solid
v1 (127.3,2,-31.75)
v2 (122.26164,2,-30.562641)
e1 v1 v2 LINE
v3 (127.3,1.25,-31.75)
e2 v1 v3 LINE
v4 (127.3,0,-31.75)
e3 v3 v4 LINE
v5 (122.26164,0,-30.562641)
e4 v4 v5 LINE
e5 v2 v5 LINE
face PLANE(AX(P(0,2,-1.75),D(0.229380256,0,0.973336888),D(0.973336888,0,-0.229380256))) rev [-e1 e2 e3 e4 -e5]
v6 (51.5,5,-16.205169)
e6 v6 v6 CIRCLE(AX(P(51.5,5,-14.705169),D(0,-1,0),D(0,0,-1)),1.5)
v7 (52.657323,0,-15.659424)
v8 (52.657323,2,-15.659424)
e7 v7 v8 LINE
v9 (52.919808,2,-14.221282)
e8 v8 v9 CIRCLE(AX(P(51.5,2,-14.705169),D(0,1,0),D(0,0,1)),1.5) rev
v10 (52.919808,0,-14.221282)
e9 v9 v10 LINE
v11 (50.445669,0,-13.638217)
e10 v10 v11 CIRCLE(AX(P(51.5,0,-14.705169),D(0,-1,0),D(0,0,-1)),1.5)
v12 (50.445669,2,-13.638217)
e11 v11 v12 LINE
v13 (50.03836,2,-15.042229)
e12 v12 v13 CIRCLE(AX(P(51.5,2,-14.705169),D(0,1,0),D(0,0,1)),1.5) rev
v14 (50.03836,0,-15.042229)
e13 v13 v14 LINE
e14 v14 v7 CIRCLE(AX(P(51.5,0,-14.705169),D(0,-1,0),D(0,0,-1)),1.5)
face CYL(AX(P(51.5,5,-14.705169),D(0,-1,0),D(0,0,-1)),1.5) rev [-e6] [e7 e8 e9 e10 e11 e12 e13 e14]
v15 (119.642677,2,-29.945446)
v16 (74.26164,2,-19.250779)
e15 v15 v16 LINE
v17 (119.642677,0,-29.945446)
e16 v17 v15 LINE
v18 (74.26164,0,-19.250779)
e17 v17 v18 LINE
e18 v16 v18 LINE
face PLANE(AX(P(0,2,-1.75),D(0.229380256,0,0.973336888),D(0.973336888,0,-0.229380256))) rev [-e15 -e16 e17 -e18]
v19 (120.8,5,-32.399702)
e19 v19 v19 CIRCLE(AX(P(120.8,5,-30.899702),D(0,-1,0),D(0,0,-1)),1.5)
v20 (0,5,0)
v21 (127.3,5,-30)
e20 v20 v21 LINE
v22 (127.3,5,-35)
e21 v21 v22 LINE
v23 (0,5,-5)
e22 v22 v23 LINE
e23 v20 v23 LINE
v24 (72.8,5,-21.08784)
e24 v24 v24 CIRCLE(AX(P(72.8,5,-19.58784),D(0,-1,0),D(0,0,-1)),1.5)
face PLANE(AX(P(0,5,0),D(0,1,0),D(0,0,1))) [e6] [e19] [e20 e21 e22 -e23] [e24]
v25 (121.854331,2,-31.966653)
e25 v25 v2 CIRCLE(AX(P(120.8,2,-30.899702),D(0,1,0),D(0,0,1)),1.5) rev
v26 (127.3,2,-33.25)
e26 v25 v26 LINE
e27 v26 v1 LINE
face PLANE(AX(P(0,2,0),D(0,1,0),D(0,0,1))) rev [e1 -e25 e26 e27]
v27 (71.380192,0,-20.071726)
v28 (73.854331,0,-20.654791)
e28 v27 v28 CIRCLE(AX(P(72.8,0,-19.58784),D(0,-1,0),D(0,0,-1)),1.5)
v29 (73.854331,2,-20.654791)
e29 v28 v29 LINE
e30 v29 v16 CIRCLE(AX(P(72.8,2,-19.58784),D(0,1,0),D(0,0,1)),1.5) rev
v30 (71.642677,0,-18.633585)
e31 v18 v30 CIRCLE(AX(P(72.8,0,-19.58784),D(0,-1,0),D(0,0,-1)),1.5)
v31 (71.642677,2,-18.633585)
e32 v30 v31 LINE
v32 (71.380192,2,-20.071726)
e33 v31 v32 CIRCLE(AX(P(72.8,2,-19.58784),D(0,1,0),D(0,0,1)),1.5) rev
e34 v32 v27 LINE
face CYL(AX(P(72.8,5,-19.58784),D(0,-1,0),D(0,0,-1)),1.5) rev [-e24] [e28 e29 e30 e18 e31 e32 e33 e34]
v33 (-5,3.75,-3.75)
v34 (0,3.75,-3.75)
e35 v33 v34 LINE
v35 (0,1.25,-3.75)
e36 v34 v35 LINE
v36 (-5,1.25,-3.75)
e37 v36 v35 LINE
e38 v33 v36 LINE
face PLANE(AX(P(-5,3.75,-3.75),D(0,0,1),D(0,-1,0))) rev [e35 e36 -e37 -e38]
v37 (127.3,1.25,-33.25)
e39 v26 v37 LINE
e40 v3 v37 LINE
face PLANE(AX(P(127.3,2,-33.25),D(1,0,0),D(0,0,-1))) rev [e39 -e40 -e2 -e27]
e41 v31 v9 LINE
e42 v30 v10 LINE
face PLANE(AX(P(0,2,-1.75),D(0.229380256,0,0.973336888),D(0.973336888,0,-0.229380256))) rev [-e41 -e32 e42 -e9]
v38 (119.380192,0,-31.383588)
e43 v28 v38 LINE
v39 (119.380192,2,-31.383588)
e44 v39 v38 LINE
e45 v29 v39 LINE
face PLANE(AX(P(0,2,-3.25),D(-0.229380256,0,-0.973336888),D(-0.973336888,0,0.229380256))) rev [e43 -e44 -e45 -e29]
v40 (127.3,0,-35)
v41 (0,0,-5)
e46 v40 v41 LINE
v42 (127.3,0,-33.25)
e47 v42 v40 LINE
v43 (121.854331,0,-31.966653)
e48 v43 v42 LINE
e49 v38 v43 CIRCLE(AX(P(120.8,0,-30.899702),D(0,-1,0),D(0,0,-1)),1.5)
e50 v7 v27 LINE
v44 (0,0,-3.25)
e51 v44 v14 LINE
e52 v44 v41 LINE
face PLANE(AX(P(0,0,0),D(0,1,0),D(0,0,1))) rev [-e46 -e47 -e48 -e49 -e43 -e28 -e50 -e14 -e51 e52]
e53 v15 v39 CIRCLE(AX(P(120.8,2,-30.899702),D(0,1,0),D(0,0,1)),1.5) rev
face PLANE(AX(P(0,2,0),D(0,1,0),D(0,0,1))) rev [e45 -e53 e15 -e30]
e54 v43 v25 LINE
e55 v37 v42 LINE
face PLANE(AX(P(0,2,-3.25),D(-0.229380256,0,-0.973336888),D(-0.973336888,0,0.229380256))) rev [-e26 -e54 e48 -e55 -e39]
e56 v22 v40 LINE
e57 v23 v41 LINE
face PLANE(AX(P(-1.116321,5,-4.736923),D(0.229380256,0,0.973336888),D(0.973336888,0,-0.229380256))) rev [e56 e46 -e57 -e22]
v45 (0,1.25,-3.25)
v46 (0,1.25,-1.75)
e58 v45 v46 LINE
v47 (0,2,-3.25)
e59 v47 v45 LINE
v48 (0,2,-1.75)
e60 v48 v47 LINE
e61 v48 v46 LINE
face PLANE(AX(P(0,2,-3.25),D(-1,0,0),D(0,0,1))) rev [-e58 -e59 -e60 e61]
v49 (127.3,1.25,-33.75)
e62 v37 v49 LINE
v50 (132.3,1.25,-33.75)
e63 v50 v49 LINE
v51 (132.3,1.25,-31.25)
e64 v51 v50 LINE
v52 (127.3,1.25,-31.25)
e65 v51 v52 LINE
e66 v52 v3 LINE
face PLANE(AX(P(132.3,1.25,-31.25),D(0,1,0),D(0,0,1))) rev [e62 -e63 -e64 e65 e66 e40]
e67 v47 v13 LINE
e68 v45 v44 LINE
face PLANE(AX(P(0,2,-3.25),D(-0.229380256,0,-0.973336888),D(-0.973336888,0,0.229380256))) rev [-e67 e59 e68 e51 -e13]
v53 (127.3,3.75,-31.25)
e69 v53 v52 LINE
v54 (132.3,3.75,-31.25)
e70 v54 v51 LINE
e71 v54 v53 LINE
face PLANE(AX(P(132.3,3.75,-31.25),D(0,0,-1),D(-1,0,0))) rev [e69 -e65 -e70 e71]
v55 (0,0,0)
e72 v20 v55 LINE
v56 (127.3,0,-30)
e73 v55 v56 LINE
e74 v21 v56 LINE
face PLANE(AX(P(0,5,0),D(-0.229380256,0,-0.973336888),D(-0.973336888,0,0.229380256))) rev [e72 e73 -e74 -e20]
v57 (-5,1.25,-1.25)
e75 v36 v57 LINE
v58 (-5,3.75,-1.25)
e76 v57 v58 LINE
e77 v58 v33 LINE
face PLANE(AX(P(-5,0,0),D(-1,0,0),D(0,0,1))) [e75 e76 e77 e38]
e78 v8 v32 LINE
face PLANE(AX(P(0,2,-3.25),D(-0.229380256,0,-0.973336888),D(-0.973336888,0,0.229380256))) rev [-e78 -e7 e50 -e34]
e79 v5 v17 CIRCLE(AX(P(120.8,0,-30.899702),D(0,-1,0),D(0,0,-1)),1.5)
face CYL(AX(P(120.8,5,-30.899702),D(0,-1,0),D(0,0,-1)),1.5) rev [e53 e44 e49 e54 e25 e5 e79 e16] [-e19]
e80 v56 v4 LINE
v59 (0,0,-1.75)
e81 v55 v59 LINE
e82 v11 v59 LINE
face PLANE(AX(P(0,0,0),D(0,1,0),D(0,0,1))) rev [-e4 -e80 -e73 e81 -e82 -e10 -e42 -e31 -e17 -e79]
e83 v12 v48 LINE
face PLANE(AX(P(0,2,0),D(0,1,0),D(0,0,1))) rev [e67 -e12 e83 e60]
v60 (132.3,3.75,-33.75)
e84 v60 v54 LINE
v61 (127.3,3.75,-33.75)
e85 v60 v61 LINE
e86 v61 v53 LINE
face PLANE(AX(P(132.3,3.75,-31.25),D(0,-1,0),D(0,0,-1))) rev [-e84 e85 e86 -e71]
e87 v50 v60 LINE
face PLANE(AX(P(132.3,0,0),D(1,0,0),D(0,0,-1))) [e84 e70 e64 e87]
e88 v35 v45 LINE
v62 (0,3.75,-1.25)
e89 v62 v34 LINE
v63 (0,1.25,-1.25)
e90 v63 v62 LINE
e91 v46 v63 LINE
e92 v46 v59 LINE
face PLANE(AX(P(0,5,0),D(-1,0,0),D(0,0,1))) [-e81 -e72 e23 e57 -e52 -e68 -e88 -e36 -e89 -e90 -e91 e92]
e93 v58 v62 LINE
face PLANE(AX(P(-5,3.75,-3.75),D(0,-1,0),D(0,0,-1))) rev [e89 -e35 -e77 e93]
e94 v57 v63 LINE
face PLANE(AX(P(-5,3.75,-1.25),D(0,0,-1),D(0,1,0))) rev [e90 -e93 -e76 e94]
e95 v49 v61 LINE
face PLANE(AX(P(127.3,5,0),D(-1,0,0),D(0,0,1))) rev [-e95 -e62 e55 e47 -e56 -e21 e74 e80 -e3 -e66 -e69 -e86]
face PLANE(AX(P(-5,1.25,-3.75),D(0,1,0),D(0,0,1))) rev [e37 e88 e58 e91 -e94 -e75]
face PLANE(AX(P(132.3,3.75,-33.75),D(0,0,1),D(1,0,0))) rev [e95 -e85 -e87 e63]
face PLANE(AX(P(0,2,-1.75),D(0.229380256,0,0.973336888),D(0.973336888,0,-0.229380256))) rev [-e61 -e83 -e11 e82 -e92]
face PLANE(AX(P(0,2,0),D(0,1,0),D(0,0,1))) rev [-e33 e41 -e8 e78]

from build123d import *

# Parameters (mm, degrees)
BOSS_EXTRUDE1_DEPTH = 5
SKETCH2_W           = 2.5
SKETCH2_H           = 2.5
BOSS_EXTRUDE2_DEPTH = 5
SKETCH3_W           = 2.5
SKETCH3_H           = 2.5
BOSS_EXTRUDE3_DEPTH = 5
SKETCH6_R           = 1.5
CUT_EXTRUDE1_DEPTH  = 5
CUT_EXTRUDE2_DEPTH  = 2


with BuildPart() as part:
    # Sketch1 → Boss-Extrude1 (new body)
    with BuildSketch(Plane(origin=(0, 0, 0), x_dir=(1, 0, 0), z_dir=(0, 1, 0))):
        Polygon((0, 5), (0, 0), (127.3, 30), (127.3, 35), align=None)
    extrude(amount=BOSS_EXTRUDE1_DEPTH)

    # Sketch2 → Boss-Extrude2 (add)
    with BuildSketch(Plane(origin=(127.3, 0, 0), x_dir=(0, 0, -1), z_dir=(1, 0, 0))):
        with Locations((32.5, 2.5)):
            Rectangle(SKETCH2_W, SKETCH2_H)
    extrude(amount=BOSS_EXTRUDE2_DEPTH)

    # Sketch3 → Boss-Extrude3 (add)
    with BuildSketch(Plane.ZY):
        with Locations((-2.5, 2.5)):
            Rectangle(SKETCH3_W, SKETCH3_H)
    extrude(amount=BOSS_EXTRUDE3_DEPTH)

    # Sketch6 → Cut-Extrude1 (cut)
    with BuildSketch(Plane.XZ):
        with Locations(Location((51.5, -14.705168766, 0), (0, 0, 270))):
            Circle(SKETCH6_R)
        with Locations(Location((72.8, -19.587839875, 0), (0, 0, 270))):
            Circle(SKETCH6_R)
        with Locations(Location((120.8, -30.899701619, 0), (0, 0, 270))):
            Circle(SKETCH6_R)
    extrude(amount=-CUT_EXTRUDE1_DEPTH, mode=Mode.SUBTRACT)

    # Sketch7 → Cut-Extrude2 (cut)
    with BuildSketch(Plane(origin=(0, 0, 0), x_dir=(-1, 0, 0), z_dir=(0, -1, 0))):
        Polygon((0, 3.25), (-127.3, 33.25), (-127.3, 31.75), (0, 1.75), align=None)
    extrude(amount=-CUT_EXTRUDE2_DEPTH, mode=Mode.SUBTRACT)


solid = part.part
